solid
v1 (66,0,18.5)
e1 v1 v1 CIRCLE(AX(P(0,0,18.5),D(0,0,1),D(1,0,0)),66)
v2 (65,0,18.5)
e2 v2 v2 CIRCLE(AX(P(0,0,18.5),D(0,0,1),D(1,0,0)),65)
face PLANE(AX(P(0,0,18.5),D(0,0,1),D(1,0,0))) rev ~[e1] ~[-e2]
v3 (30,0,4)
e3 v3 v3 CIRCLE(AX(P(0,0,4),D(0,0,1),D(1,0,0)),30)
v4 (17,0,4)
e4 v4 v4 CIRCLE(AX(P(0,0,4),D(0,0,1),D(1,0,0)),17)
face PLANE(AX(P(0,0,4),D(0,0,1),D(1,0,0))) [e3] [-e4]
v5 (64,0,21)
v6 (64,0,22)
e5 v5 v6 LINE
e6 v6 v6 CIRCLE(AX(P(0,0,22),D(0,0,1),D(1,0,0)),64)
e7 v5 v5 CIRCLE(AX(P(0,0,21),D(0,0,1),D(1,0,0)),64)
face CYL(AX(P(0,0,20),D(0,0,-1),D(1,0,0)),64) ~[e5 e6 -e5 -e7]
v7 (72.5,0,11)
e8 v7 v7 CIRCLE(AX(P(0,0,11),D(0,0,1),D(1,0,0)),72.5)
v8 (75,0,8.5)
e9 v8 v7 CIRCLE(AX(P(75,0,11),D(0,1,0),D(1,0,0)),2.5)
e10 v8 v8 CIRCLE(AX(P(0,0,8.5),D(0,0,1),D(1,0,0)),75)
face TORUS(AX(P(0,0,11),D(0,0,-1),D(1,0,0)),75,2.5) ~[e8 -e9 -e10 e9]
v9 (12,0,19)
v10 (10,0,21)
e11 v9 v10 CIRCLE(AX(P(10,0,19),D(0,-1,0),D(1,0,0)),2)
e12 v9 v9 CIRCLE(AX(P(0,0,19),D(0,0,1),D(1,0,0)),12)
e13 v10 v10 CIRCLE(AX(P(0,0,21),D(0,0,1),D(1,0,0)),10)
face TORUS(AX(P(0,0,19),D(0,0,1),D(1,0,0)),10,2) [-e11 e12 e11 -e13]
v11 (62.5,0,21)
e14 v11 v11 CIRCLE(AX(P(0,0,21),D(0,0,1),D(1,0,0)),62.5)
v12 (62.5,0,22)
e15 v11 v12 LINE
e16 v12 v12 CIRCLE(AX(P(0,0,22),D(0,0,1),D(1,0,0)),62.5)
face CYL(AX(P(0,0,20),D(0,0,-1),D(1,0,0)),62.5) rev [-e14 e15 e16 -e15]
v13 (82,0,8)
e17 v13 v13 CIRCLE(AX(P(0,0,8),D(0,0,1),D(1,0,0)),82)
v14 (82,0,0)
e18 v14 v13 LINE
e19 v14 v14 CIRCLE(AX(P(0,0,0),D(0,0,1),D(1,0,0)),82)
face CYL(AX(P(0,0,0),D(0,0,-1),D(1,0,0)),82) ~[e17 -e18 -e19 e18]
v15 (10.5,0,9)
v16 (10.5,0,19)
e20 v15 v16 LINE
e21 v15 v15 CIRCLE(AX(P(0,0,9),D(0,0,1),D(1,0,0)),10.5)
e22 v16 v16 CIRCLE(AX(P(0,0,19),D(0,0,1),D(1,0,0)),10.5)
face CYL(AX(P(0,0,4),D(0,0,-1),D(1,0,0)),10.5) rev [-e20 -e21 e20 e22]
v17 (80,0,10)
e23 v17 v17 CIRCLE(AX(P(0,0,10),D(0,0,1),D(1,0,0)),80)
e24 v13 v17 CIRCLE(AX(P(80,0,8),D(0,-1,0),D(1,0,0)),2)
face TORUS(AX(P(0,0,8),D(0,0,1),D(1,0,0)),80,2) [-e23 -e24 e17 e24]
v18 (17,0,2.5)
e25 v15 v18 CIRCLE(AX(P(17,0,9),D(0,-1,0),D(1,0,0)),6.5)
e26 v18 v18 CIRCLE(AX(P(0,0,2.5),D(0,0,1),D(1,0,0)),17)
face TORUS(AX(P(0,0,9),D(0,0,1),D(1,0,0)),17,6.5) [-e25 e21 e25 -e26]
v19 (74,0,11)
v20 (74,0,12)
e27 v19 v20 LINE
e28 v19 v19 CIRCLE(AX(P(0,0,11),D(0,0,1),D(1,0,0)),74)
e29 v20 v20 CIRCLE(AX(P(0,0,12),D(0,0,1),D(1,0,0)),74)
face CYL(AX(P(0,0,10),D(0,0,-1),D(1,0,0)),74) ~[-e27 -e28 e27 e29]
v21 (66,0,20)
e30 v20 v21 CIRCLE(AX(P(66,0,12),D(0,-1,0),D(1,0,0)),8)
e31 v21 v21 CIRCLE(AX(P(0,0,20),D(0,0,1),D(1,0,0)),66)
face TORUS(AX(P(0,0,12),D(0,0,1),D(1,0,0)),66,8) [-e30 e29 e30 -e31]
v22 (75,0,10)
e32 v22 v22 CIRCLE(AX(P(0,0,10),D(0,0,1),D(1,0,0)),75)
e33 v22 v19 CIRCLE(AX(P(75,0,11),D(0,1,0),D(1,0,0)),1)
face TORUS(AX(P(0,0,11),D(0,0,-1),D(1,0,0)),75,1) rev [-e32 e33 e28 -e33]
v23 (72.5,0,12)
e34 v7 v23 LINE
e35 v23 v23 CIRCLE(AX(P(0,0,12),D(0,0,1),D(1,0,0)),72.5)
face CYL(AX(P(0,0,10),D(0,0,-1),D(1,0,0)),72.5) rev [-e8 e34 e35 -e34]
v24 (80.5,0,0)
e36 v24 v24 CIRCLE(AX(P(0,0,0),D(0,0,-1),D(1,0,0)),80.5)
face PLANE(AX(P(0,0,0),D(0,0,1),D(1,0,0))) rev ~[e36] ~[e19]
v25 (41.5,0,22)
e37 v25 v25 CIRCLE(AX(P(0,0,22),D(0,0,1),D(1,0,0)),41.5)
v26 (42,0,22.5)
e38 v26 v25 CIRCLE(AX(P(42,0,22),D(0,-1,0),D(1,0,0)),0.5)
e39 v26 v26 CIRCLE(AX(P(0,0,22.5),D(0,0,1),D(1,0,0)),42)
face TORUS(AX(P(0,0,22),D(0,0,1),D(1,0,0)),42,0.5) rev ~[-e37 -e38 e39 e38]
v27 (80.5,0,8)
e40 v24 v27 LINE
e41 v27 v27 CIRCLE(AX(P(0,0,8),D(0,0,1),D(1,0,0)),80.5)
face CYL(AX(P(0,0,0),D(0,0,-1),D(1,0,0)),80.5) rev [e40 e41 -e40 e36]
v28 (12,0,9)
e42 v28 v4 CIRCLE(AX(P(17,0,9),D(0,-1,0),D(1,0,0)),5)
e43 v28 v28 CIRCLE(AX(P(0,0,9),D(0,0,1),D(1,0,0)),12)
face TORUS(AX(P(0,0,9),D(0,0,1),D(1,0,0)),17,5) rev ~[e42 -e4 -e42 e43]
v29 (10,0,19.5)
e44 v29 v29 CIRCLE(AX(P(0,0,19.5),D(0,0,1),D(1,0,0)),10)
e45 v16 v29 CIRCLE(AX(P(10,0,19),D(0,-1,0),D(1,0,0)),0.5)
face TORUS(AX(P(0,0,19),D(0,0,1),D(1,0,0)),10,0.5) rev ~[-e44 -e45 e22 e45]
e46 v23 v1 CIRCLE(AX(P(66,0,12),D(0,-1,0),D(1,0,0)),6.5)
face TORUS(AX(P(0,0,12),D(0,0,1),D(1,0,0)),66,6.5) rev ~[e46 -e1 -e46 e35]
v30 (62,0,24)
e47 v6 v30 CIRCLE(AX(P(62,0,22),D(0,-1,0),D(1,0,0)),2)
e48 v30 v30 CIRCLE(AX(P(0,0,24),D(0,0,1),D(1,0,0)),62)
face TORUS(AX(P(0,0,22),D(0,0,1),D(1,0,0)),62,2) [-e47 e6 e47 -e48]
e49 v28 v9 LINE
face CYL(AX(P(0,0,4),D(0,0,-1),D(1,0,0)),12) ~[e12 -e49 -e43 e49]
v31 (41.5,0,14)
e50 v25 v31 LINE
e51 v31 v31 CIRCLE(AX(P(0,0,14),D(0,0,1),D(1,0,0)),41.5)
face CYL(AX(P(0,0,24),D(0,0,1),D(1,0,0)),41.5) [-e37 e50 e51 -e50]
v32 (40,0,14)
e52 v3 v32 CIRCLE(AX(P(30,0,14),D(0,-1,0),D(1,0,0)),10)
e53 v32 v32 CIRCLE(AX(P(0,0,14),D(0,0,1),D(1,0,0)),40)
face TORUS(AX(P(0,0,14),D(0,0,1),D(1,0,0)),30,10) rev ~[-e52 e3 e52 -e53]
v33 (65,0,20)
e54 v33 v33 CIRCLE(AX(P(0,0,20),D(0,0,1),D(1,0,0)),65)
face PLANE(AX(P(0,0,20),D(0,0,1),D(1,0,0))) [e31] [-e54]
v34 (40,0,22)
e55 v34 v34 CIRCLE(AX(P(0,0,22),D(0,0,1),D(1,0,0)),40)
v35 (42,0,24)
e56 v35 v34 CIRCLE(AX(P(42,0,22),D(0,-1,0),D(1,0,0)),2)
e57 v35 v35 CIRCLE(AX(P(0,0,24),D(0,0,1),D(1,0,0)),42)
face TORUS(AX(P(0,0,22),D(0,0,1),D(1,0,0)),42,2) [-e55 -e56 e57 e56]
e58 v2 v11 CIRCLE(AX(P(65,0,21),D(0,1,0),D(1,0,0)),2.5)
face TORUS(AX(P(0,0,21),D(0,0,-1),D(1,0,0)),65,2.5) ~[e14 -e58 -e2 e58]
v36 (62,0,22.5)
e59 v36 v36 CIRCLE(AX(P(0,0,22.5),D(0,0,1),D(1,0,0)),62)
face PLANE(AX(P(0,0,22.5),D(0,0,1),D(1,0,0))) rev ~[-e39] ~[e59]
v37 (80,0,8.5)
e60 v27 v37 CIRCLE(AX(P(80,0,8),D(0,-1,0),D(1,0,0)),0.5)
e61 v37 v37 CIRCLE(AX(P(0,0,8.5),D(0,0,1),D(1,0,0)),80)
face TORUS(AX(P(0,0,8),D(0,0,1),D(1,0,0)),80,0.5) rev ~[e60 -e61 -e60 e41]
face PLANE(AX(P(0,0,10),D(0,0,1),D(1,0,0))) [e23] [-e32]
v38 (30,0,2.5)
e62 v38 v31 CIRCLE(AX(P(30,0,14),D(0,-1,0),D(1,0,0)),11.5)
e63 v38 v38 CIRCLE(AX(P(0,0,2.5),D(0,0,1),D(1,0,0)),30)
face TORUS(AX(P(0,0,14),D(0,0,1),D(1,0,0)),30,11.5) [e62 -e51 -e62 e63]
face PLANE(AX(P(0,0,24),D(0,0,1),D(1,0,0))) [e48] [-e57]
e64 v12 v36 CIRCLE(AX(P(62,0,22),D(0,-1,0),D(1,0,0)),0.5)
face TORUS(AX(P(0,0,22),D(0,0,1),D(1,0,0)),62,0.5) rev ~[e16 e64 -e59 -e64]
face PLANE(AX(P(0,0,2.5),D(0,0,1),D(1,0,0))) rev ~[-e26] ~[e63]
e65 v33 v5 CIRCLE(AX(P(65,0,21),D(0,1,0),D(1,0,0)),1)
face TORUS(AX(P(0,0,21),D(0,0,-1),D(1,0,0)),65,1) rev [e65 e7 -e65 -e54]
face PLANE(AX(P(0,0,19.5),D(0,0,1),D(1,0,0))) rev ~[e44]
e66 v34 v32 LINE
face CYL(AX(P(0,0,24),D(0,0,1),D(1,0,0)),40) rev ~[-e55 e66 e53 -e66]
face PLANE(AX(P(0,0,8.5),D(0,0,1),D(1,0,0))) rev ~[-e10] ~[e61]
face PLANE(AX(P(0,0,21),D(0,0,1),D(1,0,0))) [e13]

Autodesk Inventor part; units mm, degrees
ref_plane "YZ Plane" through (0, 0, 0) normal (1, 0, 0) x (0, 1, 0)
ref_plane "XZ Plane" through (0, 0, 0) normal (0, 1, 0) x (-1, 0, 0)
ref_plane "XY Plane" through (0, 0, 0) normal (0, 0, 1) x (1, 0, 0)
sketch "スケッチ1" plane through (0, 0, 0) normal (0, 0, 1) x (1, 0, 0)
  circle A0 centre (0, 0) radius 82
  dimension "d0" = 164
extrude "押し出し1" add sketch "スケッチ1" along normal blind 10
sketch "スケッチ2" plane through (0, 0, 10) normal (0, 0, 1) x (1, 0, 0)
  circle A0 centre (0, 0) radius 82 projected
  circle A1 centre (0, 0) radius 74
  dimension "d3" = 8
extrude "押し出し2" add sketch "スケッチ2" along normal blind 10 contours A1
sketch "スケッチ3" plane through (0, 0, 20) normal (0, 0, 1) x (1, 0, 0)
  circle A0 centre (0, 0) radius 74 projected
  circle A1 centre (0, 0) radius 64
  dimension "d6" = 128
extrude "押し出し3" add sketch "スケッチ3" along normal blind 4 contours A1
sketch "スケッチ4" plane through (0, 0, 24) normal (0, 0, 1) x (1, 0, 0)
  circle A0 centre (0, 0) radius 64 projected
  circle A1 centre (0, 0) radius 40
  dimension "d9" = 80
extrude "押し出し4" cut sketch "スケッチ4" against normal blind 20 contours A1
sketch "スケッチ5" plane through (0, 0, 4) normal (0, 0, 1) x (1, 0, 0)
  circle A0 centre (0, 0) radius 40 projected
  circle A1 centre (0, 0) radius 12
  dimension "d12" = 24
extrude "押し出し5" add sketch "スケッチ5" along normal blind 17 contours A1
fillet "フィレット1" radius 2 1 edges at (-82, 0, 10)
fillet "フィレット2" radius 1 1 edges at (-74, 0, 10)
fillet "フィレット3" radius 8 1 edges at (-74, 0, 20)
fillet "フィレット4" radius 1 1 edges at (-64, 0, 20)
fillet "フィレット5" radius 2 1 edges at (-64, 0, 24)
fillet "フィレット6" radius 2 1 edges at (-40, 0, 24)
fillet "フィレット7" radius 2 1 edges at (-12, 0, 21)
fillet "フィレット8" radius 5 1 edges at (-12, 0, 4)
fillet "フィレット9" radius 10 1 edges at (-40, 0, 4)
shell "シェル1" thickness 1.5 removed faces 1 at (5.2842, -24.741, 0)
properties part number "friedEggsCover"
